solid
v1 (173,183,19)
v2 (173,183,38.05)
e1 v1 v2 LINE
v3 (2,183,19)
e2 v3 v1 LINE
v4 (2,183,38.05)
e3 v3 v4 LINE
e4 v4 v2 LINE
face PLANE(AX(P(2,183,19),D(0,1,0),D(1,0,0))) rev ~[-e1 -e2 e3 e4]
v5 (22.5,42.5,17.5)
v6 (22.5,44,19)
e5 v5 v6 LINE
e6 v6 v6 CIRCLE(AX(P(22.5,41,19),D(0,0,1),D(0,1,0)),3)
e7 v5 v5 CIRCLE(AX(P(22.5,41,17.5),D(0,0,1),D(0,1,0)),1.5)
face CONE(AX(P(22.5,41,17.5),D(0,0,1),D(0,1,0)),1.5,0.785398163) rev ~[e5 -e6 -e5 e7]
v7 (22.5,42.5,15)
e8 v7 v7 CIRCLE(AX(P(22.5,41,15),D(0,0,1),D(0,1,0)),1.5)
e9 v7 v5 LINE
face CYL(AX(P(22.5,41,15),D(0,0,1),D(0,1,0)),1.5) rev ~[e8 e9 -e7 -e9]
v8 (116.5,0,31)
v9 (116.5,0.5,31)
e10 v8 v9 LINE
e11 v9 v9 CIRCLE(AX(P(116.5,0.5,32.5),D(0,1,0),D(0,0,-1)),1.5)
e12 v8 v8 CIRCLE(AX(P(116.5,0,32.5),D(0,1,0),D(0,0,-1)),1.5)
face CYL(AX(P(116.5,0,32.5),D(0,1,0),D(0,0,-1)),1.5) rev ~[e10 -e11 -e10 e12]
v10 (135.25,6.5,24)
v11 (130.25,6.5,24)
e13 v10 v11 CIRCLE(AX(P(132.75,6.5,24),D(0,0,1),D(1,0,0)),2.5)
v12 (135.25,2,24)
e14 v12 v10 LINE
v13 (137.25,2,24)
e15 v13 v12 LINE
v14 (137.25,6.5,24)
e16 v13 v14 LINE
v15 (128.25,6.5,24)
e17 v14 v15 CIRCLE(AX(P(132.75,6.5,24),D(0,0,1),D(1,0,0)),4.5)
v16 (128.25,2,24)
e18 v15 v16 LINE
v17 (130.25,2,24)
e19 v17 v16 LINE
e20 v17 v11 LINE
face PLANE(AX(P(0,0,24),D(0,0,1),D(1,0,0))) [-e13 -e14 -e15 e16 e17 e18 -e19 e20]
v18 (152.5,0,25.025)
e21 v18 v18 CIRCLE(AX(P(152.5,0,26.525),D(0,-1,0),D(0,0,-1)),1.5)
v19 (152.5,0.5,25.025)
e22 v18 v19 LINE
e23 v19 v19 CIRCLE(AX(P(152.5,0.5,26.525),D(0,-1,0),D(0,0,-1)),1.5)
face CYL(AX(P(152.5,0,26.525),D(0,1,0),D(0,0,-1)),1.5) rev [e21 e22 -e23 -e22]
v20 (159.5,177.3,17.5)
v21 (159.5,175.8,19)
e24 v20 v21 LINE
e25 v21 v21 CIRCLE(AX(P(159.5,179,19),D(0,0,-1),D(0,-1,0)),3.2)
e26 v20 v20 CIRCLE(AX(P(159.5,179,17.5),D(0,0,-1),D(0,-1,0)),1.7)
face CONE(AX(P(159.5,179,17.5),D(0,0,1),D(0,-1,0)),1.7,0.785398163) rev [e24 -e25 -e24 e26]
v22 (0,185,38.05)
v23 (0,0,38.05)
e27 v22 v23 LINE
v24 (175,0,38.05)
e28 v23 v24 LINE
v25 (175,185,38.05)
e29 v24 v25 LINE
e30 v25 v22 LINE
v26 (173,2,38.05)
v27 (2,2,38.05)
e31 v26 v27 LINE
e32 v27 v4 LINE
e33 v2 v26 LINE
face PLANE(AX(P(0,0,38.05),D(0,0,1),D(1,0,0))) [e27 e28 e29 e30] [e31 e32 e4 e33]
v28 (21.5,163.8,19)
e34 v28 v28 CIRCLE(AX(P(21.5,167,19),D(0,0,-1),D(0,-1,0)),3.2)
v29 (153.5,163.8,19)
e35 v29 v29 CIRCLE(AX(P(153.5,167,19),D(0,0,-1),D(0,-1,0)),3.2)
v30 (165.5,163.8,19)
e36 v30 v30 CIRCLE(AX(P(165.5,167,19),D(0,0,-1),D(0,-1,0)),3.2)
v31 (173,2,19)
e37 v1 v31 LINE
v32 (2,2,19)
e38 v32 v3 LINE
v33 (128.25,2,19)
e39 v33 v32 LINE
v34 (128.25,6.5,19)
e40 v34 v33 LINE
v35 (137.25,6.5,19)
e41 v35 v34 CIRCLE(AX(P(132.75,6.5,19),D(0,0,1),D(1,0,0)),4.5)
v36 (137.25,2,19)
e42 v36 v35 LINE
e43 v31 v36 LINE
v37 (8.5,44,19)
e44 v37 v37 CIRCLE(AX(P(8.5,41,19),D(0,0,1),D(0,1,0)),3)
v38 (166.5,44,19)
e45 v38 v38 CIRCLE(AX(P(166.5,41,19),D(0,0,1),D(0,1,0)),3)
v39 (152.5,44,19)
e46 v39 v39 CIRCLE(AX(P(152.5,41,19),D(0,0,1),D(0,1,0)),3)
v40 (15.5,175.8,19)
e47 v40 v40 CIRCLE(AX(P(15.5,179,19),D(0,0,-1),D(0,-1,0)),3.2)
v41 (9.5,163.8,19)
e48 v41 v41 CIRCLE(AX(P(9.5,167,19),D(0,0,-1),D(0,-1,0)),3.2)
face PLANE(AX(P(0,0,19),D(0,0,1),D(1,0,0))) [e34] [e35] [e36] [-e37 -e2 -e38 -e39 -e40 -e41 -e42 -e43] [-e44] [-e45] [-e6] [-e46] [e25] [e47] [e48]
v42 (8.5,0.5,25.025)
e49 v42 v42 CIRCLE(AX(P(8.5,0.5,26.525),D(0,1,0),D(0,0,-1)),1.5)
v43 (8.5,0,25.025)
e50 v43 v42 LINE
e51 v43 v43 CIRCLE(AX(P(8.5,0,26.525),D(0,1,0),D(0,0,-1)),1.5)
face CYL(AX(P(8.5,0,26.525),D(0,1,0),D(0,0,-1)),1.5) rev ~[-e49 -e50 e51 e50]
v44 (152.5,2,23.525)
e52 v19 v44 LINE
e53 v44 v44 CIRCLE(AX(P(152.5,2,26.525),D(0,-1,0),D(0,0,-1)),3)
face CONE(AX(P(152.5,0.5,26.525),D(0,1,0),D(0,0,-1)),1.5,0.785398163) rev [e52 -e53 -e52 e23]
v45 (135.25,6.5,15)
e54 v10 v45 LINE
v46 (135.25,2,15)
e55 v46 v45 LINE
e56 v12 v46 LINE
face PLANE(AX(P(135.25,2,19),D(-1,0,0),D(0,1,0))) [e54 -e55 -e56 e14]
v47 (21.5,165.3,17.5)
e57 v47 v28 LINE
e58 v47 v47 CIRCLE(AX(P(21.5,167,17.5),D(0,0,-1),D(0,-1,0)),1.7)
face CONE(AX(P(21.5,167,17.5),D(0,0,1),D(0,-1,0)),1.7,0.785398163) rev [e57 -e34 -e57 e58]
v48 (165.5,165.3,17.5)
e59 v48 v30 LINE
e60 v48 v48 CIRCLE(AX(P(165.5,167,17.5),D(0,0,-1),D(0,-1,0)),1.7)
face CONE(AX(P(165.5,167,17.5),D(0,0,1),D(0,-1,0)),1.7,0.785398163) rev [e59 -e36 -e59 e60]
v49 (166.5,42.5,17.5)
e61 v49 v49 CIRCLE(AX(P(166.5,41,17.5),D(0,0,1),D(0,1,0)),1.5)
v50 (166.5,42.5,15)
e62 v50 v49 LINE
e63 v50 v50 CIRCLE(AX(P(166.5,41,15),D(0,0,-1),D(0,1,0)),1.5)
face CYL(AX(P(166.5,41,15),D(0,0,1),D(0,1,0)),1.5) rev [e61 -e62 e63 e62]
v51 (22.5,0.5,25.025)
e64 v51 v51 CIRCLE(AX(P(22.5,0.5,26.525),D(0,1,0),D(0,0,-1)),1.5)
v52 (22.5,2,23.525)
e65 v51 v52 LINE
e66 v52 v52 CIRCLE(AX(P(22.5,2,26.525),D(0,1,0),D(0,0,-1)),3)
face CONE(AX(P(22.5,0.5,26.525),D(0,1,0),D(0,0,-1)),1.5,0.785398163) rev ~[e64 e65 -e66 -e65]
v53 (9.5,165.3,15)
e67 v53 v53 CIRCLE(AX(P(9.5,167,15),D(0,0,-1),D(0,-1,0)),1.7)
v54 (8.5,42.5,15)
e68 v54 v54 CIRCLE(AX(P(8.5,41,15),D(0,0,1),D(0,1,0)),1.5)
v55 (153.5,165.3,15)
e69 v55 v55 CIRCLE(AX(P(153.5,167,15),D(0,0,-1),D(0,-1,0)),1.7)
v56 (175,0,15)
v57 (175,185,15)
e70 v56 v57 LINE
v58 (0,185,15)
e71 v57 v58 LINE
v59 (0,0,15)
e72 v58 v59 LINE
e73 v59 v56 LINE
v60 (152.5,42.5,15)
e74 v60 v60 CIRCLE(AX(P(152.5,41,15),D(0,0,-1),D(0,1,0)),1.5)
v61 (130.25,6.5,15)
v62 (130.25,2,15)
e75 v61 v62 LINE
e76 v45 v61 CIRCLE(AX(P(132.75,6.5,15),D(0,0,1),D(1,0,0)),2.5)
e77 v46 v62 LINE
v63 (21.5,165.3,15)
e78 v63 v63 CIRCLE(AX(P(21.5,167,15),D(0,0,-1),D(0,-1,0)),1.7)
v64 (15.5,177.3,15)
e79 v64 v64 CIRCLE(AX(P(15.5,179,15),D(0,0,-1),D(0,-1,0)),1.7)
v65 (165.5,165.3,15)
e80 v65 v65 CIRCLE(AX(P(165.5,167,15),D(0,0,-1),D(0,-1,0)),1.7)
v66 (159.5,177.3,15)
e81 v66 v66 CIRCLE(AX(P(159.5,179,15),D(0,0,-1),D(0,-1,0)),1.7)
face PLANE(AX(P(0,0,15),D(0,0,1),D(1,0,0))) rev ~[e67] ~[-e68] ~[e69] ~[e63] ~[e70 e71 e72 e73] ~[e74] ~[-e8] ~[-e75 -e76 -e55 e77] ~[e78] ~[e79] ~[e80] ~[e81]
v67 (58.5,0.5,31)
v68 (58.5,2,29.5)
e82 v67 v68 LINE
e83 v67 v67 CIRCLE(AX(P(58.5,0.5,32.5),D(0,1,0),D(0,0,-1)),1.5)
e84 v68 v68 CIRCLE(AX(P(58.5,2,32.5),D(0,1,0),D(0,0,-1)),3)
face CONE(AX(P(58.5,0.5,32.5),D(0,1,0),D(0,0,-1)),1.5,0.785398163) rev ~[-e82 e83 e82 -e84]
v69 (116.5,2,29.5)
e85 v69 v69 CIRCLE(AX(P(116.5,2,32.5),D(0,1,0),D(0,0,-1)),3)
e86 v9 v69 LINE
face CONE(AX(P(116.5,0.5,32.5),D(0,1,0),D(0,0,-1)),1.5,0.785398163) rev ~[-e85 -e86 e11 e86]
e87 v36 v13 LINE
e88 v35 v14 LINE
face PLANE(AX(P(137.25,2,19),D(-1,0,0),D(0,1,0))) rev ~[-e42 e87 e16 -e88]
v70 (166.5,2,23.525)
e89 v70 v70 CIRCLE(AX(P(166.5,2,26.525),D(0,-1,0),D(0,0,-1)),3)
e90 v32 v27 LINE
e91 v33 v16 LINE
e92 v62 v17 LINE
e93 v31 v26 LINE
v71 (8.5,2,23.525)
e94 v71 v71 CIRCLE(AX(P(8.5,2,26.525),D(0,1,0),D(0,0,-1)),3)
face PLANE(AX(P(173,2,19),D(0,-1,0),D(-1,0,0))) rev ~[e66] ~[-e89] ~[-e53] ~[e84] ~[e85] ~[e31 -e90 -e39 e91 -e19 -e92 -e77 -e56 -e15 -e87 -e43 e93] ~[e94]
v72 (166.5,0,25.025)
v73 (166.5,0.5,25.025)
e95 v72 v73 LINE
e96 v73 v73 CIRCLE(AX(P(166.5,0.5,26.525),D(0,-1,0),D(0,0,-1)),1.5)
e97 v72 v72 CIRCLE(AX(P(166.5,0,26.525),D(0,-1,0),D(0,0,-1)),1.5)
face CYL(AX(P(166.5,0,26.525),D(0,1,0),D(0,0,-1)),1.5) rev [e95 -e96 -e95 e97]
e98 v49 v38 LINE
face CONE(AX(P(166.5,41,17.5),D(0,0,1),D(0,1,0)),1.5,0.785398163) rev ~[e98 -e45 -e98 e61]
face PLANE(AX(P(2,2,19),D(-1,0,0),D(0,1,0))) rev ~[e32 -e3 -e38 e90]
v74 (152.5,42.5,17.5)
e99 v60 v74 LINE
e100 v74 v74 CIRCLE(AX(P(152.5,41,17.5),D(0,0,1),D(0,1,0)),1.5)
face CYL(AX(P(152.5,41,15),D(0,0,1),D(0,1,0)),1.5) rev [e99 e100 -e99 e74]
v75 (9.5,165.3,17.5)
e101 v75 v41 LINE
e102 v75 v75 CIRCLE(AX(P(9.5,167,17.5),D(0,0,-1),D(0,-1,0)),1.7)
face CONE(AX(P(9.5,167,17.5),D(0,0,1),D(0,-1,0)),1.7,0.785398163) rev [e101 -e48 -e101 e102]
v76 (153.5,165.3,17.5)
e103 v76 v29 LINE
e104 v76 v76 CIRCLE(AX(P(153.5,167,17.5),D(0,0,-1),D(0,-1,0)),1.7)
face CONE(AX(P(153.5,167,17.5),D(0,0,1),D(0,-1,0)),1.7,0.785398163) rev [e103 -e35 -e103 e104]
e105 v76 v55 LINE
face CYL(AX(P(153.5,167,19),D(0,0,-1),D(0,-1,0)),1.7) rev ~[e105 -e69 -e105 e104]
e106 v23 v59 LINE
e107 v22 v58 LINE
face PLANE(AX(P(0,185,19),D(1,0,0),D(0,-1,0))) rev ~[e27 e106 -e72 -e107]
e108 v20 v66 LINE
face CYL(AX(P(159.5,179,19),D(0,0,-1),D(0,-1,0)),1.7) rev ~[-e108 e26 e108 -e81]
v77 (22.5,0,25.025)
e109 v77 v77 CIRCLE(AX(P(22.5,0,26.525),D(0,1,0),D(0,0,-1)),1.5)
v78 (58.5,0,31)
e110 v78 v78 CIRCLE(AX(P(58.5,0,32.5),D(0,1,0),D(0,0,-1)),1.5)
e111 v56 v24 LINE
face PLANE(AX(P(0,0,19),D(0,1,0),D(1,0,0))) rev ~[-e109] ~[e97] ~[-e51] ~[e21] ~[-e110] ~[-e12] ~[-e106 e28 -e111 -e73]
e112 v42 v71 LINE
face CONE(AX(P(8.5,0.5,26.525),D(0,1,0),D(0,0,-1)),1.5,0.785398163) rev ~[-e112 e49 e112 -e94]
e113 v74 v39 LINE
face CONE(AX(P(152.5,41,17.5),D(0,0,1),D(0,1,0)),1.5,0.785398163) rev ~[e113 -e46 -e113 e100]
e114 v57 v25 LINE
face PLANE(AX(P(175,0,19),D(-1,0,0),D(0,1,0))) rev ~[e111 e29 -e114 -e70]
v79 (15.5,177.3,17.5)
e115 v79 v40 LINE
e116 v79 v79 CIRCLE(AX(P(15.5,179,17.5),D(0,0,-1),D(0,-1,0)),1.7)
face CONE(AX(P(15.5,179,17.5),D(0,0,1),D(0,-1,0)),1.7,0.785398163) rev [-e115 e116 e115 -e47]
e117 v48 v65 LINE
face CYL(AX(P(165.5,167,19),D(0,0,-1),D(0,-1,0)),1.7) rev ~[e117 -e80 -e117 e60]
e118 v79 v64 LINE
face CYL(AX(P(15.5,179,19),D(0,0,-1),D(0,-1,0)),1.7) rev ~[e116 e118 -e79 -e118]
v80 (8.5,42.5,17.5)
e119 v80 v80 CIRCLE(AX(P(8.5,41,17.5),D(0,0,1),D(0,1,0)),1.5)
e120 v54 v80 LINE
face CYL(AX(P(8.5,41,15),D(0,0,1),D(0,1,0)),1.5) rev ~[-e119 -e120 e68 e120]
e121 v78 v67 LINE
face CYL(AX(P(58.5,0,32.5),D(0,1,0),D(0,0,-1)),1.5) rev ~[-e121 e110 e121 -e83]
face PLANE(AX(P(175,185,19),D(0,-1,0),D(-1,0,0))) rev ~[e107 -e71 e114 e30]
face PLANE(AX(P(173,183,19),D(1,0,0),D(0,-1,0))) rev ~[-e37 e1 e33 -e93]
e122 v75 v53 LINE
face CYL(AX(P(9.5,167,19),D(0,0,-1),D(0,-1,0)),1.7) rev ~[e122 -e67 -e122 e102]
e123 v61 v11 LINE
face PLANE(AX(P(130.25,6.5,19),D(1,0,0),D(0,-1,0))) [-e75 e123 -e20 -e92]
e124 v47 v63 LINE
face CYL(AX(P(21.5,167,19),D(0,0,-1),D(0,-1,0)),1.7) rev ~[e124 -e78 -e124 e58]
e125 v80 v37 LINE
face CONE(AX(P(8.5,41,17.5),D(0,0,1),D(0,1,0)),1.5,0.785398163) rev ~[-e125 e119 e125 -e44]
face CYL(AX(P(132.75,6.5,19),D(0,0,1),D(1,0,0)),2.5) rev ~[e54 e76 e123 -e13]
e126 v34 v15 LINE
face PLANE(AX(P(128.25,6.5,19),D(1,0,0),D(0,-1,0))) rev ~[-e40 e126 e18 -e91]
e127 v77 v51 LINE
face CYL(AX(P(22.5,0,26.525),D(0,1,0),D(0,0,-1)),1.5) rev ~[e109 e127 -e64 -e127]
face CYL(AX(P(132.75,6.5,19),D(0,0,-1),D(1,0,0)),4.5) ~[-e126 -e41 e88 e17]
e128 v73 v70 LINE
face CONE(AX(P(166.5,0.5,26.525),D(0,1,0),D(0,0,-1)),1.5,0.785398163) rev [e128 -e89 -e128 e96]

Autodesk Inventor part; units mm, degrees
ref_plane "YZ Plane" through (0, 0, 0) normal (1, 0, 0) x (0, 1, 0)
ref_plane "Work Plane1" through (0, 0, 15) normal (0, 0, 1) x (1, 0, 0)
sketch "Sketch1" plane through (0, 0, 15) normal (0, 0, 1) x (1, 0, 0)
  line L0 (0, 0) -> (175, 0)
  line L1 (175, 0) -> (175, 185)
  line L2 (175, 185) -> (0, 185)
  line L3 (0, 185) -> (0, 0)
  dimension "d7" = 175
  dimension "d8" = 185
extrude "Extrusion1" add sketch "Sketch1" along normal blind 4
sketch "Sketch2" plane through (0, 0, 19) normal (0, 0, 1) x (1, 0, 0)
  line L0 (175, 185) -> (0, 185) projected
  line L1 (175, 0) -> (175, 185) projected
  line L2 (0, 185) -> (0, 0) projected
  point P0 (15.5, 179)
  point P1 (9.5, 167)
  point P2 (21.5, 167)
  point P3 (159.5, 179)
  point P4 (153.5, 167)
  point P5 (165.5, 167)
  dimension "d9" = 12
  dimension "d10" = 6
  dimension "d11" = 6
  dimension "d12" = 12
  dimension "d13" = 6
  dimension "d14" = 12
  dimension "d15" = 6
  dimension "d16" = 12
  dimension "d17" = 6
  dimension "d18" = 6
  dimension "d19" = 144
  dimension "d20" = 9.5
  dimension "d21" = 9.5
hole "Hole1" at (15.5, 179, 19) at (9.5, 167, 19) at (21.5, 167, 19) at (159.5, 179, 19) at (153.5, 167, 19) at (165.5, 167, 19) direction (0, 0, -1) diameter 3.4 end through all clearance for "Socket Head Cap Screw" size "M3" standard "Ansi Metric M Profile"
sketch "Sketch3" plane through (0, 0, 19) normal (0, 0, 1) x (1, 0, 0)
  circle A0 centre (153.5, 167) radius 1.7 projected
  circle A1 centre (21.5, 167) radius 1.7 projected
  circle A2 centre (15.5, 179) radius 1.7 projected
  circle A3 centre (9.5, 167) radius 1.7 projected
  circle A4 centre (159.5, 179) radius 1.7 projected
  circle A5 centre (165.5, 167) radius 1.7 projected
  line L0 (175, 0) -> (175, 185) projected
  line L1 (175, 185) -> (0, 185) projected
  line L2 (0, 185) -> (0, 0) projected
  line L3 (0, 0) -> (175, 0) projected
  line L4 (2, 183) -> (173, 183)
  line L5 (173, 183) -> (173, 2)
  line L6 (173, 2) -> (2, 2)
  line L7 (2, 2) -> (2, 183)
  dimension "d34" = 2
extrude "Extrusion2" add sketch "Sketch3" along normal blind 19.05 contours L3 L2 L1 L0
sketch "Sketch5" plane through (0, 0, 15) normal (0, 0, -1) x (-1, 0, 0)
  line L0 (0, 0) -> (-175, 0) projected
  line L1 (0, 185) -> (0, 0) projected
  point P0 (-8.5, 41)
  point P1 (-22.5, 41)
  dimension "d38" = 14
  dimension "d39" = 8.5
  dimension "d40" = 41
sketch "Sketch6" plane through (0, 0, 15) normal (0, -1, 0) x (1, 0, 0)
  line L0 (0, 0) -> (0, 23.05) projected
  point P0 (0, -15)
  point P1 (8.5, 11.525)
  point P2 (22.5, 11.525)
  point P3 (0, 11.525)
  dimension "d41" = 8.5
  dimension "d42" = 14
hole "Hole2" at (8.5, 41, 15) at (22.5, 41, 15) direction (0, 0, 1) diameter 3 end through all
hole "Hole3" at (8.5, 0, 26.525) at (22.5, 0, 26.525) direction (0, 1, 0) diameter 3 depth 2
ref_plane "Work Plane2" through (87.5, 0, 15) normal (-1, 0, 0) x (0, 0, 1)
mirror "Mirror1" about plane through (87.5, 0, 15) normal (-1, 0, 0) of "Hole2", "Hole3"
sketch "Sketch7" plane through (0, 0, 15) normal (0, -1, 0) x (1, 0, 0)
  line L0 (58.5, 17.5) -> (116.5, 17.5) construction
  line L1 (0, 23.05) -> (175, 23.05) construction
  point P0 (0, -15)
  point P1 (87.5, 17.5)
  point P2 (87.5, 23.05)
  dimension "d57" = 58
  dimension "d58" = 5.55
hole "Hole4" at (58.5, 0, 32.5) at (116.5, 0, 32.5) direction (0, 1, 0) diameter 3 depth 2
sketch "Sketch9" plane through (0, 0, 19) normal (0, 0, 1) x (1, 0, 0)
  line L0 (173, 2) -> (2, 2) projected
  line L1 (173, 183) -> (173, 2) projected
  circle A0 centre (132.75, 6.5) radius 2.5
  circle A1 centre (132.75, 6.5) radius 4.5
  line L2 (2, 2) -> (173, 2) projected
  line L3 (128.25, 2) -> (137.25, 2)
  line L4 (137.25, 2) -> (137.25, 6.5)
  line L5 (137.25, 6.5) -> (128.25, 6.5)
  line L6 (128.25, 6.5) -> (128.25, 2)
  line L7 (130.25, 2) -> (135.25, 2)
  line L8 (135.25, 2) -> (135.25, 6.5)
  line L9 (135.25, 6.5) -> (130.25, 6.5)
  line L10 (130.25, 6.5) -> (130.25, 2)
  point P0 (0, 0)
  point P1 (135.25, 6.5)
  point P2 (130.25, 2.7583)
  point P3 (135.25, 2.7583)
  point P4 (132.75, 2)
  dimension "d78" = 5
  dimension "d77" = 40.25
  dimension "d79" = 2
extrude "Extrusion4" add sketch "Sketch9" along normal blind 5 contours L0 L8 A1 L4 | L5 A0 A1 | A1 L8 L5 | L5 L10 A1 | A1 L10 L0 L6
chamfer "Chamfer1" distance 1.5 angle 45 16 edges at (9.5, 168.7, 19) (21.5, 168.7, 19) (15.5, 180.7, 19) (153.5, 168.7, 19) (165.5, 168.7, 19) (159.5, 180.7, 19) (8.5, 39.5, 19) (22.5, 39.5, 19) (152.5, 39.5, 19) (166.5, 39.5, 19) (8.5, 2, 28.025) (22.5, 2, 28.025) (58.5, 2, 34) (116.5, 2, 34) (152.5, 2, 28.025) (166.5, 2, 28.025)
extrude "Extrusion5" cut sketch "Sketch9" against normal blind 5 contours L0 A1 L8 | L0 L10 A1 | A1 L10 A0 L8 | L5 A0 | A0 L5
equation "\"d20\" = d21"
properties part number "Table Top"
